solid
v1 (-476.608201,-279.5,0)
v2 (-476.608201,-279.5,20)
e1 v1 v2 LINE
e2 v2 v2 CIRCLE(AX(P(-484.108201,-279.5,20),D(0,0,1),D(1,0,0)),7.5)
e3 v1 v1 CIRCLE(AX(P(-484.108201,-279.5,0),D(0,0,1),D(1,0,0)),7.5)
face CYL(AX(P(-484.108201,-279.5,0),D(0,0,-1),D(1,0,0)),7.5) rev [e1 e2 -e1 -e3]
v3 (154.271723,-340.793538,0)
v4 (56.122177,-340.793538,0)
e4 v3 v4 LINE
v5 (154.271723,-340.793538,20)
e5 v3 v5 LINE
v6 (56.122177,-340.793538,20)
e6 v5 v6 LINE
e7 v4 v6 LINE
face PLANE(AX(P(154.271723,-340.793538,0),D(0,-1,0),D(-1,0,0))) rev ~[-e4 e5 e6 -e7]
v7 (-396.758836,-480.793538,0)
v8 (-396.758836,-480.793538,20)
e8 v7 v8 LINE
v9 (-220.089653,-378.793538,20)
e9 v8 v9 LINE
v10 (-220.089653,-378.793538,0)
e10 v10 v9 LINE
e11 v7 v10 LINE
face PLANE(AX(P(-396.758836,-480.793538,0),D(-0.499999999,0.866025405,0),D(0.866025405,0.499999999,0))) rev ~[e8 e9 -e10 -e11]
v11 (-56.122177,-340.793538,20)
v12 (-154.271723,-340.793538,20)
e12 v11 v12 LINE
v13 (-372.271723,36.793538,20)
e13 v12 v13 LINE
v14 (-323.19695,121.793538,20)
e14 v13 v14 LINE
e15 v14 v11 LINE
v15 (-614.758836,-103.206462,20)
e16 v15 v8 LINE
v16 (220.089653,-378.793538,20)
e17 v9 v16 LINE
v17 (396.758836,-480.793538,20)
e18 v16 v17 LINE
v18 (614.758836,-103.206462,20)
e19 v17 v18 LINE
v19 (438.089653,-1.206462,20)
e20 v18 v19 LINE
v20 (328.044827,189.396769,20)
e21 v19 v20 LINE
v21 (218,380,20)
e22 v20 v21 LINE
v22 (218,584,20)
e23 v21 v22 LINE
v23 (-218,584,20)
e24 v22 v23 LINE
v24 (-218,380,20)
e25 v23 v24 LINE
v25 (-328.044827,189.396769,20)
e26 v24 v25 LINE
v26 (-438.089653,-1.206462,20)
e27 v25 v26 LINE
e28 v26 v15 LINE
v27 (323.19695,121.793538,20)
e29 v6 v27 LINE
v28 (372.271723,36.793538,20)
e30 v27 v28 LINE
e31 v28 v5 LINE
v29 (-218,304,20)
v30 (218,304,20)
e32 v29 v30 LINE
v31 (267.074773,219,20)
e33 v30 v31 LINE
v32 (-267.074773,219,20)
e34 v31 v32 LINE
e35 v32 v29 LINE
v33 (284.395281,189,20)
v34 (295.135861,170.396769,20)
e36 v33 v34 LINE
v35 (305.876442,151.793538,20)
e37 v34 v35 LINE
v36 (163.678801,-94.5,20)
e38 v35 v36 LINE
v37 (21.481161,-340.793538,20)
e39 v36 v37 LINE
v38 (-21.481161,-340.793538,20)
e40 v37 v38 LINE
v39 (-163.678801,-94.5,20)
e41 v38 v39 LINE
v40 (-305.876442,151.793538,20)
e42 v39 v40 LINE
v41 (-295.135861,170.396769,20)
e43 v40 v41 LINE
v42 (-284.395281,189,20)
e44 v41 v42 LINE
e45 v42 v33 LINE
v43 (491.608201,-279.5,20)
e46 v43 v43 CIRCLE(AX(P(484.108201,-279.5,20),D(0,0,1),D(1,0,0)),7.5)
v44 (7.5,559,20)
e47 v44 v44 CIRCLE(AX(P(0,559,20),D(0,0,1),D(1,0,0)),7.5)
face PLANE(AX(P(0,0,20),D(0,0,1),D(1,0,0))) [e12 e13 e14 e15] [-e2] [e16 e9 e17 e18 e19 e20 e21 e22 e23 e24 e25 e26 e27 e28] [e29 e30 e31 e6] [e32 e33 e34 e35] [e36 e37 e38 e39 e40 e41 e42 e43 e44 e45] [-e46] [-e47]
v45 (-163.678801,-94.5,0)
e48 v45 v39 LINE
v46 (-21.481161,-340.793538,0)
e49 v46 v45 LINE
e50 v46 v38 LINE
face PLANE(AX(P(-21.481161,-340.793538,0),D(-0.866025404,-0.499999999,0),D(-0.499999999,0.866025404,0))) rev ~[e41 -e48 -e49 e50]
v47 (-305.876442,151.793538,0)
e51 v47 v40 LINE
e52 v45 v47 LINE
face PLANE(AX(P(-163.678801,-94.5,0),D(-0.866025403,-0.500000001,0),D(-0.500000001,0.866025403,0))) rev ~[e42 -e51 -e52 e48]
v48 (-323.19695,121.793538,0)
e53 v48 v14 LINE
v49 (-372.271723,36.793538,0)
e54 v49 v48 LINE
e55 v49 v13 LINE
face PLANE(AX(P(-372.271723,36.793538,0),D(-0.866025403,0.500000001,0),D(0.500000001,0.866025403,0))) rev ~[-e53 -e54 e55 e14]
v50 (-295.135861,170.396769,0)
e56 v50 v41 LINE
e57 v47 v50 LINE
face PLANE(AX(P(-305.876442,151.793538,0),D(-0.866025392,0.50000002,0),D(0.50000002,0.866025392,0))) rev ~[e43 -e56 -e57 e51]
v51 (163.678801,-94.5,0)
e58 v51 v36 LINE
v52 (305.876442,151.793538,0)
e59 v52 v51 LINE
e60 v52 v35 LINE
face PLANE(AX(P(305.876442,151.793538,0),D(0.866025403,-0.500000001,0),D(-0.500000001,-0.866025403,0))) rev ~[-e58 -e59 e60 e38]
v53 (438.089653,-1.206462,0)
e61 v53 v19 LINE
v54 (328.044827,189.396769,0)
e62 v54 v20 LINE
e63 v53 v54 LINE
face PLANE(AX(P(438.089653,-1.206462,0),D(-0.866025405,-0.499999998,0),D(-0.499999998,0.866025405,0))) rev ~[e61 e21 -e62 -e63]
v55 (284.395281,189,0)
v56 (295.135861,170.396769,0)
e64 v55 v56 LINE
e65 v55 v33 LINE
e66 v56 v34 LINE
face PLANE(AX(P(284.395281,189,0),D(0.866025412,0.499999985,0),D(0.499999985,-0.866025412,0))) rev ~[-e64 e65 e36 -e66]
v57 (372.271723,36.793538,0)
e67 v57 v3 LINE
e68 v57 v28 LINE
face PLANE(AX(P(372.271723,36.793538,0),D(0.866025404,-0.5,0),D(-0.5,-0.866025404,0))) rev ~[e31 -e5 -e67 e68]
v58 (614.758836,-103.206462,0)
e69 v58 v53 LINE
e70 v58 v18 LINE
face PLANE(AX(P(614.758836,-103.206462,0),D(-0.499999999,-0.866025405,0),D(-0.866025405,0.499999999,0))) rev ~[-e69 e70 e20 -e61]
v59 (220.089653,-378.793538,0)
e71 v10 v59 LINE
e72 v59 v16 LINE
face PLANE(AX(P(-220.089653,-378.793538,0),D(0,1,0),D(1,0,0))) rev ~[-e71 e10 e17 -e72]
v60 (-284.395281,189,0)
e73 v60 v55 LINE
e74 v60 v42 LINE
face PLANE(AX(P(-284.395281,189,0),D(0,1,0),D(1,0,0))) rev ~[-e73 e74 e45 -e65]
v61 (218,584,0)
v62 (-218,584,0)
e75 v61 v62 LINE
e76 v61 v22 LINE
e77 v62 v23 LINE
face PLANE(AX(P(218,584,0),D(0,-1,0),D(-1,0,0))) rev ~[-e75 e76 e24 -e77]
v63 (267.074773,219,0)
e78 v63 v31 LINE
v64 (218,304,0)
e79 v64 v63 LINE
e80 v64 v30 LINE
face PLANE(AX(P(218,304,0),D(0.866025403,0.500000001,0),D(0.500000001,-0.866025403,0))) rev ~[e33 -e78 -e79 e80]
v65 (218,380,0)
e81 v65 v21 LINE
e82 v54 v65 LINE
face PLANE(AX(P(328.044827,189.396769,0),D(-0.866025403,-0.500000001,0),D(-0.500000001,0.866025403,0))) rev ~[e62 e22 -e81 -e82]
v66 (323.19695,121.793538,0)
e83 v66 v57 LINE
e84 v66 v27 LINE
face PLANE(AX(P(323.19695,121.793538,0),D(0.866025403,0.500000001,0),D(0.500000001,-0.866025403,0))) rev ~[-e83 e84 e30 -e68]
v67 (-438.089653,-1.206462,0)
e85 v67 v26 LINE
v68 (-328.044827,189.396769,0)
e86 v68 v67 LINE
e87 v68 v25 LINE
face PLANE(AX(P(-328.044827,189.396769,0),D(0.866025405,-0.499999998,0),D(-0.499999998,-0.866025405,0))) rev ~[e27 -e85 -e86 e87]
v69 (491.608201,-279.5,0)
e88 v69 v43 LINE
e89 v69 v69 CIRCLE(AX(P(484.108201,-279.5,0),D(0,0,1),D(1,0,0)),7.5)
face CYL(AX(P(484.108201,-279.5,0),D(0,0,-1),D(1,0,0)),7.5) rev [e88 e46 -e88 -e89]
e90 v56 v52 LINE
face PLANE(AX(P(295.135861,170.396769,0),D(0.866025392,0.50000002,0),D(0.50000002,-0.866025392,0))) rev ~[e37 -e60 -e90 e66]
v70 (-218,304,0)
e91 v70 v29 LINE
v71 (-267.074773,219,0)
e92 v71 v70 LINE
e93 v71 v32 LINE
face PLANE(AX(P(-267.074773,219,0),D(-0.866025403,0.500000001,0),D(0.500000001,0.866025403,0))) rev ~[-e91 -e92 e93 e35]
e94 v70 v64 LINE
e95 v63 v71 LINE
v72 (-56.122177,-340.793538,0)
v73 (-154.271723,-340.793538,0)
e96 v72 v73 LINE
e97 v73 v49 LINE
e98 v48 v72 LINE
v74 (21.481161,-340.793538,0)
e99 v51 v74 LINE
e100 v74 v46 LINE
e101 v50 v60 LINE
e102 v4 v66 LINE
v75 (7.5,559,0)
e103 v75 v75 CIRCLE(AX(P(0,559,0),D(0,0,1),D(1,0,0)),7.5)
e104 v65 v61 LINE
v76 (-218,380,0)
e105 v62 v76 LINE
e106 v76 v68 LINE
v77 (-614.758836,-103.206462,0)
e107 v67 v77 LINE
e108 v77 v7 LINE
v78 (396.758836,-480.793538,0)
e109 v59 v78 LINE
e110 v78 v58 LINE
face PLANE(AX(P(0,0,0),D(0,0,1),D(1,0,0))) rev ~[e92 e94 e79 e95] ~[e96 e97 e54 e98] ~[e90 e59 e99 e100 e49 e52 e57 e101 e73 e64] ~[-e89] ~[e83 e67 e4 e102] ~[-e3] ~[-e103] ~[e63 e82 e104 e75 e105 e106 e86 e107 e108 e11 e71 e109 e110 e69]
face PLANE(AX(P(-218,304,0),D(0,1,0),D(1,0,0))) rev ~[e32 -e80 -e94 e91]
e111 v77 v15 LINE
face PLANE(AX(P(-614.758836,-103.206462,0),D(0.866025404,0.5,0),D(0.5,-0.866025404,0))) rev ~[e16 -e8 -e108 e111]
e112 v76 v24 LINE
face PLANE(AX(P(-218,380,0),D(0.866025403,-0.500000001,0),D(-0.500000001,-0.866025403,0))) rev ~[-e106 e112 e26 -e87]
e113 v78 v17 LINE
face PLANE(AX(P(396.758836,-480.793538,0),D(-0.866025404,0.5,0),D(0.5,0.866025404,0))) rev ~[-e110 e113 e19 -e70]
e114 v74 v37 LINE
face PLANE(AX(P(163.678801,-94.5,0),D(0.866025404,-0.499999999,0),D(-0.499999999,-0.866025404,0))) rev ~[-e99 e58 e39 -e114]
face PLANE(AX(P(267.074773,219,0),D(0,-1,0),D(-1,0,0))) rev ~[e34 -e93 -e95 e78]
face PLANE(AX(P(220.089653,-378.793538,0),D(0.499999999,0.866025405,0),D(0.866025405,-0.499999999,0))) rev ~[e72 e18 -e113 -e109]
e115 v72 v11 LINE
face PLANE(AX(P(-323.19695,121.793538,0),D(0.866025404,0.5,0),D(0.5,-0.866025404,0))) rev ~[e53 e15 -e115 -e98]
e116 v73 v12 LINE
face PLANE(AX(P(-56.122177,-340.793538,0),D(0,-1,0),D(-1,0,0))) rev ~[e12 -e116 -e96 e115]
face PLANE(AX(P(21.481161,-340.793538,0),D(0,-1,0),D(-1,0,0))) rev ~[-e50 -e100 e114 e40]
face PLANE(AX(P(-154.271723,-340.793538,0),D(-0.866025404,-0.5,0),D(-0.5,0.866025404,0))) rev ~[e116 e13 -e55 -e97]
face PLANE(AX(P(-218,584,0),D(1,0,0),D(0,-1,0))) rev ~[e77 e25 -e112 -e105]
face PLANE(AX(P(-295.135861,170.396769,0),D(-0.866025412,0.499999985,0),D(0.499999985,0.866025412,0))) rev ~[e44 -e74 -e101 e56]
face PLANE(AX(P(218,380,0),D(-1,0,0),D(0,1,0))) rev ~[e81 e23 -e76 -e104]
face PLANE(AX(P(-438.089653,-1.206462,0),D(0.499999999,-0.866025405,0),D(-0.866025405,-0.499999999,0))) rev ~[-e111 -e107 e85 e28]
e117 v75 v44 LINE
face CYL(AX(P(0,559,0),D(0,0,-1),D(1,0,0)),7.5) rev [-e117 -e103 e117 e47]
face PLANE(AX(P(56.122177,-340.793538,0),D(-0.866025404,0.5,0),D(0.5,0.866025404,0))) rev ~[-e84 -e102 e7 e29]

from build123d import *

# Parameters (mm, degrees)
F0_R     = 7.5
F1_DEPTH = 20


with BuildPart() as f1:
    # F0 (on Top) → F1 (new body)
    with BuildSketch(Plane.XY):
        Polygon((218, 380), (218, 584), (-218, 584), (-218, 380), (-328.044827, 189.396769), (-438.089653, -1.206462), (-614.758836, -103.206462), (-396.758836, -480.793538), (-220.089653, -378.793538), (0, -378.793538), (220.089653, -378.793538), (396.758836, -480.793538), (614.758836, -103.206462), (438.089653, -1.206462), (328.044827, 189.396769), align=None)
        with Locations((-484.108201, -279.5)):
            Circle(F0_R, mode=Mode.SUBTRACT)
        Polygon((-372.271723, 36.793538), (-323.19695, 121.793538), (-56.122177, -340.793538), (-154.271723, -340.793538), align=None, mode=Mode.SUBTRACT)
        with Locations((484.108201, -279.5)):
            Circle(F0_R, mode=Mode.SUBTRACT)
        Polygon((154.271723, -340.793538), (56.122177, -340.793538), (323.19695, 121.793538), (372.271723, 36.793538), align=None, mode=Mode.SUBTRACT)
        Polygon((-295.135861, 170.396769), (-284.395281, 189), (0, 189), (284.395281, 189), (295.135861, 170.396769), (305.876442, 151.793538), (163.678801, -94.5), (21.481161, -340.793538), (0, -340.793538), (-21.481161, -340.793538), (-163.678801, -94.5), (-305.876442, 151.793538), align=None, mode=Mode.SUBTRACT)
        Polygon((-218, 304), (218, 304), (267.074773, 219), (-267.074773, 219), align=None, mode=Mode.SUBTRACT)
        with Locations((0, 559)):
            Circle(F0_R, mode=Mode.SUBTRACT)
    extrude(amount=F1_DEPTH)


solid = f1.part
